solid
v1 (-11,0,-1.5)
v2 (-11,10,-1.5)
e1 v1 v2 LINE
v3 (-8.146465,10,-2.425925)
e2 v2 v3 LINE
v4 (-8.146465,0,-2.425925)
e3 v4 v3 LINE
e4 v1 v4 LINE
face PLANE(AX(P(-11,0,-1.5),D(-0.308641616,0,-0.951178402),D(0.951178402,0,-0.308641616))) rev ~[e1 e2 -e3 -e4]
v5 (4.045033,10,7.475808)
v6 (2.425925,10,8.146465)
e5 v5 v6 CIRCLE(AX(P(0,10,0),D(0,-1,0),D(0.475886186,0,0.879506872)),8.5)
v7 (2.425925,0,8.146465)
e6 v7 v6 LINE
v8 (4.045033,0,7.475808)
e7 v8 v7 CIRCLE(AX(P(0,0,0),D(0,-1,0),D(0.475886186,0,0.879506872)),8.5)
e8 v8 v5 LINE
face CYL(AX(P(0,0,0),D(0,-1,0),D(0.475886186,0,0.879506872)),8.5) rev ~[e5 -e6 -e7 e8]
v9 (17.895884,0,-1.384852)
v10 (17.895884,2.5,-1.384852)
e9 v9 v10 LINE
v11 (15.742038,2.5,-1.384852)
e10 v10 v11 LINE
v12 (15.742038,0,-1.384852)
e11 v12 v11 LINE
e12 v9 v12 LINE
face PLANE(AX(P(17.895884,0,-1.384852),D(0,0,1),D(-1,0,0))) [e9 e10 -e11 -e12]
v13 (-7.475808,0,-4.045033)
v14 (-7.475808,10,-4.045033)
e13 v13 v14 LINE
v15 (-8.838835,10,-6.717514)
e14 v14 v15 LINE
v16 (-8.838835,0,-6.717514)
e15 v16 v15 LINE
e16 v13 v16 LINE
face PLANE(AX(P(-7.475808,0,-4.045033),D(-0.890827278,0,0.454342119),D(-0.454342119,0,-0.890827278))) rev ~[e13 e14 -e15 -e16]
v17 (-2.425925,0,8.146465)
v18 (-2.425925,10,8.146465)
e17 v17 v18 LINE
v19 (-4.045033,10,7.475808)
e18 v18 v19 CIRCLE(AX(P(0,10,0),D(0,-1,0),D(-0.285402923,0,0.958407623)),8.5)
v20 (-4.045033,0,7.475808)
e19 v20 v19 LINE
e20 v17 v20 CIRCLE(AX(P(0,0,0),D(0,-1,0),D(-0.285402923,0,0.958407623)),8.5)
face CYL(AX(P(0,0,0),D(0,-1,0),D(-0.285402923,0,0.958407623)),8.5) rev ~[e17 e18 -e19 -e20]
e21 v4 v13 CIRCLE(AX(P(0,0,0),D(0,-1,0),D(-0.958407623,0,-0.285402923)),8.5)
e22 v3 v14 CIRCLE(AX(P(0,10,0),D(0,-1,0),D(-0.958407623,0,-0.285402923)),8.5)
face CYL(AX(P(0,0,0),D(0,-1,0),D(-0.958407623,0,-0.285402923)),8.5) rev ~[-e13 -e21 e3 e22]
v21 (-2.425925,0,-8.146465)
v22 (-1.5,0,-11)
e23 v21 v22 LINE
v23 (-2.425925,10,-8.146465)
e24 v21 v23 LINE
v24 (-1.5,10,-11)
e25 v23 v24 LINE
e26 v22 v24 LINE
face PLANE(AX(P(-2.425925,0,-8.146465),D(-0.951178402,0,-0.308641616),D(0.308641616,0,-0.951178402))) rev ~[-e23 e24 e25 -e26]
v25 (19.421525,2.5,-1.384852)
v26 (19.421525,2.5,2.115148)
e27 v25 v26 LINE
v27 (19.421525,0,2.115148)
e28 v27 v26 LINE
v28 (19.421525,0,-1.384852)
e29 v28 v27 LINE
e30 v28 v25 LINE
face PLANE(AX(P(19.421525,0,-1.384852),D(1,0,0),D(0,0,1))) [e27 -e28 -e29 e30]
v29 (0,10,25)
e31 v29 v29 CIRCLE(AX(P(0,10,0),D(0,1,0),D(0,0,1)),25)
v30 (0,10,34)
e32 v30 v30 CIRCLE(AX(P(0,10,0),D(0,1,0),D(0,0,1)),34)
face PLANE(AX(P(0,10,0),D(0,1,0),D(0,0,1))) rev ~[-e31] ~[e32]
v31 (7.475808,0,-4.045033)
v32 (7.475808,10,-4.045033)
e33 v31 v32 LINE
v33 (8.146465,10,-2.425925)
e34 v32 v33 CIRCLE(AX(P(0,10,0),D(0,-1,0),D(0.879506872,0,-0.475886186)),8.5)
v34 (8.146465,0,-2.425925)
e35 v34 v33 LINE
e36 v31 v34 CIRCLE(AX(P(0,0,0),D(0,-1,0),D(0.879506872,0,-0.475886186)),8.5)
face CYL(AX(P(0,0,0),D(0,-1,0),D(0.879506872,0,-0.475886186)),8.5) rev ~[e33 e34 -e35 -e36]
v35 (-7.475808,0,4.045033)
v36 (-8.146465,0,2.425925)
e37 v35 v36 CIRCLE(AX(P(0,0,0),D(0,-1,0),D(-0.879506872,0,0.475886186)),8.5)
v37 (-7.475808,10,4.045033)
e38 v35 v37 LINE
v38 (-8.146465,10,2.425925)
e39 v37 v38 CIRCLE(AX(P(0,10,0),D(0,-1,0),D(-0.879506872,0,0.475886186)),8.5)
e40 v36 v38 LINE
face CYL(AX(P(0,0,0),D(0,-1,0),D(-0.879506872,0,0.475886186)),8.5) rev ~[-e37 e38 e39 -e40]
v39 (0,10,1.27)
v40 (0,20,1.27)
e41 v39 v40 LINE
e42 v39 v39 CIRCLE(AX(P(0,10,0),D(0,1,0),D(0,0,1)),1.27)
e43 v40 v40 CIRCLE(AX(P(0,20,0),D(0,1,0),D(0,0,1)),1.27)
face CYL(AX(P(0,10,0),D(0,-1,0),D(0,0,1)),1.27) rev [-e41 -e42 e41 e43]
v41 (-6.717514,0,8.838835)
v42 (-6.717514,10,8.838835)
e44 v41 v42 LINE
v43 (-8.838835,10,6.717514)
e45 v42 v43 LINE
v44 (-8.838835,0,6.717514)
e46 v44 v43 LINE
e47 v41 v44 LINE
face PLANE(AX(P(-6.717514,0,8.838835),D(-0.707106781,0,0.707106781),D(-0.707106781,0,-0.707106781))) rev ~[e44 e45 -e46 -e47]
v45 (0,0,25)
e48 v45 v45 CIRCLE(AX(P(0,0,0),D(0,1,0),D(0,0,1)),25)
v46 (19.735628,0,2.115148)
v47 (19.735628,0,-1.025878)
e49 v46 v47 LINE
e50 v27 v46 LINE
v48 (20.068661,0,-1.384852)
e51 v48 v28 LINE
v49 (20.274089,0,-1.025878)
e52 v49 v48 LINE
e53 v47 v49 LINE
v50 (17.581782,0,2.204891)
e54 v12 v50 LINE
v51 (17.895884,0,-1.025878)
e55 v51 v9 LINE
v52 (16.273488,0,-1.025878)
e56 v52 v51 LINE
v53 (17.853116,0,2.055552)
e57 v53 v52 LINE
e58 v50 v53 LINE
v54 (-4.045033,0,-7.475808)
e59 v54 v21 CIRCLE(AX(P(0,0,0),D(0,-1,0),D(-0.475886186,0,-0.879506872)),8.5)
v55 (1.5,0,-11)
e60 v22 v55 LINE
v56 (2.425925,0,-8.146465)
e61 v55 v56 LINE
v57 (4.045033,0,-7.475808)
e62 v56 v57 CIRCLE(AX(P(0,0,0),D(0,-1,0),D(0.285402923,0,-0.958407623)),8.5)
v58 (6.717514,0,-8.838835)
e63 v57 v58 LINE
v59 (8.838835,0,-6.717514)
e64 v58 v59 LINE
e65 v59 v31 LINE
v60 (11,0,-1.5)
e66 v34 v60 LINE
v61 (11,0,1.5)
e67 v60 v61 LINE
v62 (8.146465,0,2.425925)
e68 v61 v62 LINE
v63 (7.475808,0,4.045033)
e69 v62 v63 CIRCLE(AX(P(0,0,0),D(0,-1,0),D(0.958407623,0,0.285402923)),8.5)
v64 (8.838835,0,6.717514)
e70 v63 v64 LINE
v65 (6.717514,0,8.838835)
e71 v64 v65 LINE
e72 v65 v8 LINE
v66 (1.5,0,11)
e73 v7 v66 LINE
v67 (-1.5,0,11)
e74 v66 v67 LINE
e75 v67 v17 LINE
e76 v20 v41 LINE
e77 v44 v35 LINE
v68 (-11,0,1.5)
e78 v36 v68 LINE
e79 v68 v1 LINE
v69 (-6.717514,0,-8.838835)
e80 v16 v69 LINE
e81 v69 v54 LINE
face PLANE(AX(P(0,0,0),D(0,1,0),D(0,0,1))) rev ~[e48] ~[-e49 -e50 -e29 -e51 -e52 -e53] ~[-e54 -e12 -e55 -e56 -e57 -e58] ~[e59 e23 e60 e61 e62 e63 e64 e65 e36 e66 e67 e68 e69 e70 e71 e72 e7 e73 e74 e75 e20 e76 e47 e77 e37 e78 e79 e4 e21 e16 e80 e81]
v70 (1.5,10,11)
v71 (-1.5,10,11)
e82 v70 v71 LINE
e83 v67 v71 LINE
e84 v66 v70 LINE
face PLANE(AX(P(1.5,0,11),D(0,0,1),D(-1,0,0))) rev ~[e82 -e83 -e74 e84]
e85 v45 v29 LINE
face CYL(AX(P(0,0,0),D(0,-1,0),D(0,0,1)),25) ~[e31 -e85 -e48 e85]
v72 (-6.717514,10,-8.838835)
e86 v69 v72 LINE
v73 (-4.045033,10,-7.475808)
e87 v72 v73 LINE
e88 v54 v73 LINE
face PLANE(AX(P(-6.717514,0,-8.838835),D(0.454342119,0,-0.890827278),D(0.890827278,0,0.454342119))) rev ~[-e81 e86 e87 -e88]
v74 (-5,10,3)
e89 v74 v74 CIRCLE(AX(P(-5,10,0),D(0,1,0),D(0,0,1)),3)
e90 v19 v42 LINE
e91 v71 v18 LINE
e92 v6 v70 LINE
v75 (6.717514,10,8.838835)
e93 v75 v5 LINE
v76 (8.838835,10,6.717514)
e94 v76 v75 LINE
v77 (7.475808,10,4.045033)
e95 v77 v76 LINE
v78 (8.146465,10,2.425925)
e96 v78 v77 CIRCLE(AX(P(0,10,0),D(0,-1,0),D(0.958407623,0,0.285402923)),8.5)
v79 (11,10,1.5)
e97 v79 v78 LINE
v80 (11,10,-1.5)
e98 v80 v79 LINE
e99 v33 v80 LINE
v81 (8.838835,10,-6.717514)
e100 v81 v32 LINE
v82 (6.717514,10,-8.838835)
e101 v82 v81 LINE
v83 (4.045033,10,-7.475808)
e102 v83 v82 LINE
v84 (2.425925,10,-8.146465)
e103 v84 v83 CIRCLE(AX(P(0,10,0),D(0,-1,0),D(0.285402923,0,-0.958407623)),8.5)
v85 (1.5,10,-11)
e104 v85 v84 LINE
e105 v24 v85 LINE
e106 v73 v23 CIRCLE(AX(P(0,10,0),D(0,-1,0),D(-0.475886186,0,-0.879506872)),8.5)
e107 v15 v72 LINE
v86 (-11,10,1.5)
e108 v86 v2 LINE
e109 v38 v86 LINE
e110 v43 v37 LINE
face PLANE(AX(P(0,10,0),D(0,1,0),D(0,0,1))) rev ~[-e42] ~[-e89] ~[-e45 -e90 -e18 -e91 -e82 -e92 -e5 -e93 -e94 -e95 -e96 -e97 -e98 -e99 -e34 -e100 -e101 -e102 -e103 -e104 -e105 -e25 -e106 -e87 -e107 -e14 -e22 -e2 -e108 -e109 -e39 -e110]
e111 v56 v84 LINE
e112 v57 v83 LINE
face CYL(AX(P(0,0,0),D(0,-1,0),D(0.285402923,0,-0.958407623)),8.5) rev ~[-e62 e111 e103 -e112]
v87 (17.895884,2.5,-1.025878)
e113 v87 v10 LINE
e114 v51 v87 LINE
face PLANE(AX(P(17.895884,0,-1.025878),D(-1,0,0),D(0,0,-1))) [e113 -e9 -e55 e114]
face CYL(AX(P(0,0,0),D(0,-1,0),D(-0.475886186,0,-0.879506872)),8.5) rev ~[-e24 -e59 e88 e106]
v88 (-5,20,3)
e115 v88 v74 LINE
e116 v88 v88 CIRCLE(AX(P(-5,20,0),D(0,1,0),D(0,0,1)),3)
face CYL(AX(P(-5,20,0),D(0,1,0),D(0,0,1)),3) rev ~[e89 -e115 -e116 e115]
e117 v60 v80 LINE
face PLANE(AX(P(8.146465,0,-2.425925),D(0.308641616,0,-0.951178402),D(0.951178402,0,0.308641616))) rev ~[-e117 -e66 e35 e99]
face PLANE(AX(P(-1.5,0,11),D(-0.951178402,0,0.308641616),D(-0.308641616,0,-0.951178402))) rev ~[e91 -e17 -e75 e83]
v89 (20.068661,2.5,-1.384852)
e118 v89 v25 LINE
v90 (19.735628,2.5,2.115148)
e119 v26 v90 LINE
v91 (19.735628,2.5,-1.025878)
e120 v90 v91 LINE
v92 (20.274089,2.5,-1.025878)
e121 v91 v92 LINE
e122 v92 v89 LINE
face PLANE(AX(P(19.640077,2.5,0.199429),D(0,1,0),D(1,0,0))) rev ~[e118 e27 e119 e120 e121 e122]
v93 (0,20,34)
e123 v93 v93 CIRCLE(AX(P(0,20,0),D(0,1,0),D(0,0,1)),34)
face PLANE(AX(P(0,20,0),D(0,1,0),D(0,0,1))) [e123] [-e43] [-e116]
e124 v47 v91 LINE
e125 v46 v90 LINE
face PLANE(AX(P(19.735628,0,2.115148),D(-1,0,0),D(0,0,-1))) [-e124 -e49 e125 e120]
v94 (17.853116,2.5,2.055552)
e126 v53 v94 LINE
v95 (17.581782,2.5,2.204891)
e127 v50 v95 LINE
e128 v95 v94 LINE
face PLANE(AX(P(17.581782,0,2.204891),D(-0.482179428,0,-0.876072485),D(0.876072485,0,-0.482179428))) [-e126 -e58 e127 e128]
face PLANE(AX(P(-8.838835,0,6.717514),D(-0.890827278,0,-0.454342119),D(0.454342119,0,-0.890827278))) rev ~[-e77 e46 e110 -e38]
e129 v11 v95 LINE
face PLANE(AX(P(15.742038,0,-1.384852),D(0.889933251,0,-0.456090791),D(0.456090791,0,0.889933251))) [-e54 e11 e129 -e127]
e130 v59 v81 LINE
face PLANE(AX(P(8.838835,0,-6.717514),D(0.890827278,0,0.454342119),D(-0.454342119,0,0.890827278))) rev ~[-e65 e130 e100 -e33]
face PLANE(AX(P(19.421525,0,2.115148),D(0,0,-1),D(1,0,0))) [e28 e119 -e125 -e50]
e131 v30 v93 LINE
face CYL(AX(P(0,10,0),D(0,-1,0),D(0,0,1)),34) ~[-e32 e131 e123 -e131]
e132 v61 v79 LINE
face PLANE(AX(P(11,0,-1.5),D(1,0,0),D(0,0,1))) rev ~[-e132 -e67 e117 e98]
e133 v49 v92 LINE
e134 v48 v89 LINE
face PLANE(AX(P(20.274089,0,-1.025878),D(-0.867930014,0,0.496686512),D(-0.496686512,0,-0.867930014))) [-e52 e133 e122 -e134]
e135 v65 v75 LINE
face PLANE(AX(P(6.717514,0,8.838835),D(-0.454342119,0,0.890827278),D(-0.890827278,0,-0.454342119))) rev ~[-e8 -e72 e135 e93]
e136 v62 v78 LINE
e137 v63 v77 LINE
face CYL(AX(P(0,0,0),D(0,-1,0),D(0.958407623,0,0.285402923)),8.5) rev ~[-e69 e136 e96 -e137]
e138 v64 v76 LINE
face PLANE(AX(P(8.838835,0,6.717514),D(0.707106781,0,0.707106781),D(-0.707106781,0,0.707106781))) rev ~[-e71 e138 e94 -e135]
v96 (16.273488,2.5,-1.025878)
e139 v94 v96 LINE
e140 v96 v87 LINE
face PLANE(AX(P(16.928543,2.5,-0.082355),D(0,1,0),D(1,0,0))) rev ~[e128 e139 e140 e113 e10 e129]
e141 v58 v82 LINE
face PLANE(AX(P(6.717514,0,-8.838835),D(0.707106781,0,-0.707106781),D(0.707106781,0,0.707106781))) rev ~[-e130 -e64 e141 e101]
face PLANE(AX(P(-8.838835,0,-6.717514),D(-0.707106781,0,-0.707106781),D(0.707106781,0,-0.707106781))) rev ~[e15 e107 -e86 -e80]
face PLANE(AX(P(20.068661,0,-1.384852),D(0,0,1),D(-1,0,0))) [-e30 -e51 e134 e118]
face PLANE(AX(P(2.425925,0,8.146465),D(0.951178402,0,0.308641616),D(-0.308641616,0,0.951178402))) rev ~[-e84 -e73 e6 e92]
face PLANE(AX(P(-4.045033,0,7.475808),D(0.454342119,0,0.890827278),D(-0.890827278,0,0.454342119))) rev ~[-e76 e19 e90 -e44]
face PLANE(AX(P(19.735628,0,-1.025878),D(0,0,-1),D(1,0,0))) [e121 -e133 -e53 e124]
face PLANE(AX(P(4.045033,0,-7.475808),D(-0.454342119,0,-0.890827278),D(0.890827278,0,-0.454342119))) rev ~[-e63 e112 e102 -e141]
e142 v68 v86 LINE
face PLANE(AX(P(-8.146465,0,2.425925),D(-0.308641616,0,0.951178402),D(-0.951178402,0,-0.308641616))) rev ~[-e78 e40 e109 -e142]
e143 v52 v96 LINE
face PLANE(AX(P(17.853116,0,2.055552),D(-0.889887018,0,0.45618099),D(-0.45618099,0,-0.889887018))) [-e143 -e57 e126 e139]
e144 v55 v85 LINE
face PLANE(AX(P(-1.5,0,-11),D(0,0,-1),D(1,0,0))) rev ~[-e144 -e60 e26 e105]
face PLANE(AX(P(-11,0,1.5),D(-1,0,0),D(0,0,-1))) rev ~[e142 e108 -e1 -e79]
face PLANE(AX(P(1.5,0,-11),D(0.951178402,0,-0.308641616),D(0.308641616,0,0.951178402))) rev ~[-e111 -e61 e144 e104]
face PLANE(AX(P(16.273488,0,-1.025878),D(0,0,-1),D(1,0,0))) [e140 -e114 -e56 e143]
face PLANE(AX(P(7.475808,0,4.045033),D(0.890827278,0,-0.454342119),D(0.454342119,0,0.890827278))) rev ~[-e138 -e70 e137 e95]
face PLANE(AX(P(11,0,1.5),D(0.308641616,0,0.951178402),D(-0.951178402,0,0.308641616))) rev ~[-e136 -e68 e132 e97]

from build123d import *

# Parameters (mm, degrees)
SKETCH1_R           = 25
BOSS_EXTRUDE1_DEPTH = 10
SKETCH2_R           = 34
SKETCH2_R_2         = 1.27
BOSS_EXTRUDE2_DEPTH = 10
SKETCH3_R           = 3
CUT_EXTRUDE1_DEPTH  = 53.076866265
CUT_EXTRUDE2_DEPTH  = 2.5


with BuildPart() as part:
    # Sketch1 → Boss-Extrude1 (new body)
    with BuildSketch(Plane(origin=(0, 0, 0), x_dir=(1, 0, 0), z_dir=(0, 1, 0))):
        with Locations(Location((0, 0, 0), (0, 0, 270))):
            Circle(SKETCH1_R)
        with BuildLine():
            Line((-1.5, 11), (1.5, 11))
            Line((1.5, 11), (2.425924848, 8.146464793))
            ThreePointArc((2.425924848, 8.146464793), (3.252809175, 7.852976026), (4.045032587, 7.475808409))
            Line((4.045032587, 7.475808409), (6.717514421, 8.838834765))
            Line((6.717514421, 8.838834765), (8.838834765, 6.717514421))
            Line((8.838834765, 6.717514421), (7.475808409, 4.045032587))
            ThreePointArc((7.475808409, 4.045032587), (7.852976026, 3.252809175), (8.146464793, 2.425924848))
            Line((8.146464793, 2.425924848), (11, 1.5))
            Line((11, 1.5), (11, -1.5))
            Line((11, -1.5), (8.146464793, -2.425924848))
            ThreePointArc((8.146464793, -2.425924848), (7.852976026, -3.252809175), (7.475808409, -4.045032587))
            Line((7.475808409, -4.045032587), (8.838834765, -6.717514421))
            Line((8.838834765, -6.717514421), (6.717514421, -8.838834765))
            Line((6.717514421, -8.838834765), (4.045032587, -7.475808409))
            ThreePointArc((4.045032587, -7.475808409), (3.252809175, -7.852976026), (2.425924848, -8.146464793))
            Line((2.425924848, -8.146464793), (1.5, -11))
            Line((1.5, -11), (-1.5, -11))
            Line((-1.5, -11), (-2.425924848, -8.146464793))
            ThreePointArc((-2.425924848, -8.146464793), (-3.252809175, -7.852976026), (-4.045032587, -7.475808409))
            Line((-4.045032587, -7.475808409), (-6.717514421, -8.838834765))
            Line((-6.717514421, -8.838834765), (-8.838834765, -6.717514421))
            Line((-8.838834765, -6.717514421), (-7.475808409, -4.045032587))
            ThreePointArc((-7.475808409, -4.045032587), (-7.852976026, -3.252809175), (-8.146464793, -2.425924848))
            Line((-8.146464793, -2.425924848), (-11, -1.5))
            Line((-11, -1.5), (-11, 1.5))
            Line((-11, 1.5), (-8.146464793, 2.425924848))
            ThreePointArc((-8.146464793, 2.425924848), (-7.852976026, 3.252809175), (-7.475808409, 4.045032587))
            Line((-7.475808409, 4.045032587), (-8.838834765, 6.717514421))
            Line((-8.838834765, 6.717514421), (-6.717514421, 8.838834765))
            Line((-6.717514421, 8.838834765), (-4.045032587, 7.475808409))
            ThreePointArc((-4.045032587, 7.475808409), (-3.252809175, 7.852976026), (-2.425924848, 8.146464793))
            Line((-2.425924848, 8.146464793), (-1.5, 11))
        make_face(mode=Mode.SUBTRACT)
    extrude(amount=BOSS_EXTRUDE1_DEPTH)

    # Sketch2 → Boss-Extrude2 (add)
    with BuildSketch(Plane(origin=(0, 10, 0), x_dir=(1, 0, 0), z_dir=(0, 1, 0))):
        with Locations(Location((0, 0, 0), (0, 0, 270))):
            Circle(SKETCH2_R)
        with Locations(Location((0, 0, 0), (0, 0, 270))):
            Circle(SKETCH2_R_2, mode=Mode.SUBTRACT)
    extrude(amount=BOSS_EXTRUDE2_DEPTH)

    # Sketch3 → Cut-Extrude1 (cut, through all)
    with BuildSketch(Plane(origin=(0, 20, 0), x_dir=(1, 0, 0), z_dir=(0, 1, 0))):
        with Locations(Location((-5, 0, 0), (0, 0, 270))):
            Circle(SKETCH3_R)
    extrude(amount=-CUT_EXTRUDE1_DEPTH, mode=Mode.SUBTRACT)

    # Sketch4 → Cut-Extrude2 (cut)
    with BuildSketch(Plane(origin=(0, 0, 0), x_dir=(-1, 0, 0), z_dir=(0, -1, 0))):
        Polygon((-20.068660666, 1.384852309), (-19.421525249, 1.384852309), (-19.421525249, -2.115147691), (-19.735627813, -2.115147691), (-19.735627813, 1.02587795), (-20.274089352, 1.02587795), align=None)
        Polygon((-17.895884224, 1.384852309), (-15.74203807, 1.384852309), (-17.581781659, -2.20489128), (-17.853115794, -2.055552338), (-16.27348839, 1.02587795), (-17.895884224, 1.02587795), align=None)
    extrude(amount=-CUT_EXTRUDE2_DEPTH, mode=Mode.SUBTRACT)


solid = part.part
